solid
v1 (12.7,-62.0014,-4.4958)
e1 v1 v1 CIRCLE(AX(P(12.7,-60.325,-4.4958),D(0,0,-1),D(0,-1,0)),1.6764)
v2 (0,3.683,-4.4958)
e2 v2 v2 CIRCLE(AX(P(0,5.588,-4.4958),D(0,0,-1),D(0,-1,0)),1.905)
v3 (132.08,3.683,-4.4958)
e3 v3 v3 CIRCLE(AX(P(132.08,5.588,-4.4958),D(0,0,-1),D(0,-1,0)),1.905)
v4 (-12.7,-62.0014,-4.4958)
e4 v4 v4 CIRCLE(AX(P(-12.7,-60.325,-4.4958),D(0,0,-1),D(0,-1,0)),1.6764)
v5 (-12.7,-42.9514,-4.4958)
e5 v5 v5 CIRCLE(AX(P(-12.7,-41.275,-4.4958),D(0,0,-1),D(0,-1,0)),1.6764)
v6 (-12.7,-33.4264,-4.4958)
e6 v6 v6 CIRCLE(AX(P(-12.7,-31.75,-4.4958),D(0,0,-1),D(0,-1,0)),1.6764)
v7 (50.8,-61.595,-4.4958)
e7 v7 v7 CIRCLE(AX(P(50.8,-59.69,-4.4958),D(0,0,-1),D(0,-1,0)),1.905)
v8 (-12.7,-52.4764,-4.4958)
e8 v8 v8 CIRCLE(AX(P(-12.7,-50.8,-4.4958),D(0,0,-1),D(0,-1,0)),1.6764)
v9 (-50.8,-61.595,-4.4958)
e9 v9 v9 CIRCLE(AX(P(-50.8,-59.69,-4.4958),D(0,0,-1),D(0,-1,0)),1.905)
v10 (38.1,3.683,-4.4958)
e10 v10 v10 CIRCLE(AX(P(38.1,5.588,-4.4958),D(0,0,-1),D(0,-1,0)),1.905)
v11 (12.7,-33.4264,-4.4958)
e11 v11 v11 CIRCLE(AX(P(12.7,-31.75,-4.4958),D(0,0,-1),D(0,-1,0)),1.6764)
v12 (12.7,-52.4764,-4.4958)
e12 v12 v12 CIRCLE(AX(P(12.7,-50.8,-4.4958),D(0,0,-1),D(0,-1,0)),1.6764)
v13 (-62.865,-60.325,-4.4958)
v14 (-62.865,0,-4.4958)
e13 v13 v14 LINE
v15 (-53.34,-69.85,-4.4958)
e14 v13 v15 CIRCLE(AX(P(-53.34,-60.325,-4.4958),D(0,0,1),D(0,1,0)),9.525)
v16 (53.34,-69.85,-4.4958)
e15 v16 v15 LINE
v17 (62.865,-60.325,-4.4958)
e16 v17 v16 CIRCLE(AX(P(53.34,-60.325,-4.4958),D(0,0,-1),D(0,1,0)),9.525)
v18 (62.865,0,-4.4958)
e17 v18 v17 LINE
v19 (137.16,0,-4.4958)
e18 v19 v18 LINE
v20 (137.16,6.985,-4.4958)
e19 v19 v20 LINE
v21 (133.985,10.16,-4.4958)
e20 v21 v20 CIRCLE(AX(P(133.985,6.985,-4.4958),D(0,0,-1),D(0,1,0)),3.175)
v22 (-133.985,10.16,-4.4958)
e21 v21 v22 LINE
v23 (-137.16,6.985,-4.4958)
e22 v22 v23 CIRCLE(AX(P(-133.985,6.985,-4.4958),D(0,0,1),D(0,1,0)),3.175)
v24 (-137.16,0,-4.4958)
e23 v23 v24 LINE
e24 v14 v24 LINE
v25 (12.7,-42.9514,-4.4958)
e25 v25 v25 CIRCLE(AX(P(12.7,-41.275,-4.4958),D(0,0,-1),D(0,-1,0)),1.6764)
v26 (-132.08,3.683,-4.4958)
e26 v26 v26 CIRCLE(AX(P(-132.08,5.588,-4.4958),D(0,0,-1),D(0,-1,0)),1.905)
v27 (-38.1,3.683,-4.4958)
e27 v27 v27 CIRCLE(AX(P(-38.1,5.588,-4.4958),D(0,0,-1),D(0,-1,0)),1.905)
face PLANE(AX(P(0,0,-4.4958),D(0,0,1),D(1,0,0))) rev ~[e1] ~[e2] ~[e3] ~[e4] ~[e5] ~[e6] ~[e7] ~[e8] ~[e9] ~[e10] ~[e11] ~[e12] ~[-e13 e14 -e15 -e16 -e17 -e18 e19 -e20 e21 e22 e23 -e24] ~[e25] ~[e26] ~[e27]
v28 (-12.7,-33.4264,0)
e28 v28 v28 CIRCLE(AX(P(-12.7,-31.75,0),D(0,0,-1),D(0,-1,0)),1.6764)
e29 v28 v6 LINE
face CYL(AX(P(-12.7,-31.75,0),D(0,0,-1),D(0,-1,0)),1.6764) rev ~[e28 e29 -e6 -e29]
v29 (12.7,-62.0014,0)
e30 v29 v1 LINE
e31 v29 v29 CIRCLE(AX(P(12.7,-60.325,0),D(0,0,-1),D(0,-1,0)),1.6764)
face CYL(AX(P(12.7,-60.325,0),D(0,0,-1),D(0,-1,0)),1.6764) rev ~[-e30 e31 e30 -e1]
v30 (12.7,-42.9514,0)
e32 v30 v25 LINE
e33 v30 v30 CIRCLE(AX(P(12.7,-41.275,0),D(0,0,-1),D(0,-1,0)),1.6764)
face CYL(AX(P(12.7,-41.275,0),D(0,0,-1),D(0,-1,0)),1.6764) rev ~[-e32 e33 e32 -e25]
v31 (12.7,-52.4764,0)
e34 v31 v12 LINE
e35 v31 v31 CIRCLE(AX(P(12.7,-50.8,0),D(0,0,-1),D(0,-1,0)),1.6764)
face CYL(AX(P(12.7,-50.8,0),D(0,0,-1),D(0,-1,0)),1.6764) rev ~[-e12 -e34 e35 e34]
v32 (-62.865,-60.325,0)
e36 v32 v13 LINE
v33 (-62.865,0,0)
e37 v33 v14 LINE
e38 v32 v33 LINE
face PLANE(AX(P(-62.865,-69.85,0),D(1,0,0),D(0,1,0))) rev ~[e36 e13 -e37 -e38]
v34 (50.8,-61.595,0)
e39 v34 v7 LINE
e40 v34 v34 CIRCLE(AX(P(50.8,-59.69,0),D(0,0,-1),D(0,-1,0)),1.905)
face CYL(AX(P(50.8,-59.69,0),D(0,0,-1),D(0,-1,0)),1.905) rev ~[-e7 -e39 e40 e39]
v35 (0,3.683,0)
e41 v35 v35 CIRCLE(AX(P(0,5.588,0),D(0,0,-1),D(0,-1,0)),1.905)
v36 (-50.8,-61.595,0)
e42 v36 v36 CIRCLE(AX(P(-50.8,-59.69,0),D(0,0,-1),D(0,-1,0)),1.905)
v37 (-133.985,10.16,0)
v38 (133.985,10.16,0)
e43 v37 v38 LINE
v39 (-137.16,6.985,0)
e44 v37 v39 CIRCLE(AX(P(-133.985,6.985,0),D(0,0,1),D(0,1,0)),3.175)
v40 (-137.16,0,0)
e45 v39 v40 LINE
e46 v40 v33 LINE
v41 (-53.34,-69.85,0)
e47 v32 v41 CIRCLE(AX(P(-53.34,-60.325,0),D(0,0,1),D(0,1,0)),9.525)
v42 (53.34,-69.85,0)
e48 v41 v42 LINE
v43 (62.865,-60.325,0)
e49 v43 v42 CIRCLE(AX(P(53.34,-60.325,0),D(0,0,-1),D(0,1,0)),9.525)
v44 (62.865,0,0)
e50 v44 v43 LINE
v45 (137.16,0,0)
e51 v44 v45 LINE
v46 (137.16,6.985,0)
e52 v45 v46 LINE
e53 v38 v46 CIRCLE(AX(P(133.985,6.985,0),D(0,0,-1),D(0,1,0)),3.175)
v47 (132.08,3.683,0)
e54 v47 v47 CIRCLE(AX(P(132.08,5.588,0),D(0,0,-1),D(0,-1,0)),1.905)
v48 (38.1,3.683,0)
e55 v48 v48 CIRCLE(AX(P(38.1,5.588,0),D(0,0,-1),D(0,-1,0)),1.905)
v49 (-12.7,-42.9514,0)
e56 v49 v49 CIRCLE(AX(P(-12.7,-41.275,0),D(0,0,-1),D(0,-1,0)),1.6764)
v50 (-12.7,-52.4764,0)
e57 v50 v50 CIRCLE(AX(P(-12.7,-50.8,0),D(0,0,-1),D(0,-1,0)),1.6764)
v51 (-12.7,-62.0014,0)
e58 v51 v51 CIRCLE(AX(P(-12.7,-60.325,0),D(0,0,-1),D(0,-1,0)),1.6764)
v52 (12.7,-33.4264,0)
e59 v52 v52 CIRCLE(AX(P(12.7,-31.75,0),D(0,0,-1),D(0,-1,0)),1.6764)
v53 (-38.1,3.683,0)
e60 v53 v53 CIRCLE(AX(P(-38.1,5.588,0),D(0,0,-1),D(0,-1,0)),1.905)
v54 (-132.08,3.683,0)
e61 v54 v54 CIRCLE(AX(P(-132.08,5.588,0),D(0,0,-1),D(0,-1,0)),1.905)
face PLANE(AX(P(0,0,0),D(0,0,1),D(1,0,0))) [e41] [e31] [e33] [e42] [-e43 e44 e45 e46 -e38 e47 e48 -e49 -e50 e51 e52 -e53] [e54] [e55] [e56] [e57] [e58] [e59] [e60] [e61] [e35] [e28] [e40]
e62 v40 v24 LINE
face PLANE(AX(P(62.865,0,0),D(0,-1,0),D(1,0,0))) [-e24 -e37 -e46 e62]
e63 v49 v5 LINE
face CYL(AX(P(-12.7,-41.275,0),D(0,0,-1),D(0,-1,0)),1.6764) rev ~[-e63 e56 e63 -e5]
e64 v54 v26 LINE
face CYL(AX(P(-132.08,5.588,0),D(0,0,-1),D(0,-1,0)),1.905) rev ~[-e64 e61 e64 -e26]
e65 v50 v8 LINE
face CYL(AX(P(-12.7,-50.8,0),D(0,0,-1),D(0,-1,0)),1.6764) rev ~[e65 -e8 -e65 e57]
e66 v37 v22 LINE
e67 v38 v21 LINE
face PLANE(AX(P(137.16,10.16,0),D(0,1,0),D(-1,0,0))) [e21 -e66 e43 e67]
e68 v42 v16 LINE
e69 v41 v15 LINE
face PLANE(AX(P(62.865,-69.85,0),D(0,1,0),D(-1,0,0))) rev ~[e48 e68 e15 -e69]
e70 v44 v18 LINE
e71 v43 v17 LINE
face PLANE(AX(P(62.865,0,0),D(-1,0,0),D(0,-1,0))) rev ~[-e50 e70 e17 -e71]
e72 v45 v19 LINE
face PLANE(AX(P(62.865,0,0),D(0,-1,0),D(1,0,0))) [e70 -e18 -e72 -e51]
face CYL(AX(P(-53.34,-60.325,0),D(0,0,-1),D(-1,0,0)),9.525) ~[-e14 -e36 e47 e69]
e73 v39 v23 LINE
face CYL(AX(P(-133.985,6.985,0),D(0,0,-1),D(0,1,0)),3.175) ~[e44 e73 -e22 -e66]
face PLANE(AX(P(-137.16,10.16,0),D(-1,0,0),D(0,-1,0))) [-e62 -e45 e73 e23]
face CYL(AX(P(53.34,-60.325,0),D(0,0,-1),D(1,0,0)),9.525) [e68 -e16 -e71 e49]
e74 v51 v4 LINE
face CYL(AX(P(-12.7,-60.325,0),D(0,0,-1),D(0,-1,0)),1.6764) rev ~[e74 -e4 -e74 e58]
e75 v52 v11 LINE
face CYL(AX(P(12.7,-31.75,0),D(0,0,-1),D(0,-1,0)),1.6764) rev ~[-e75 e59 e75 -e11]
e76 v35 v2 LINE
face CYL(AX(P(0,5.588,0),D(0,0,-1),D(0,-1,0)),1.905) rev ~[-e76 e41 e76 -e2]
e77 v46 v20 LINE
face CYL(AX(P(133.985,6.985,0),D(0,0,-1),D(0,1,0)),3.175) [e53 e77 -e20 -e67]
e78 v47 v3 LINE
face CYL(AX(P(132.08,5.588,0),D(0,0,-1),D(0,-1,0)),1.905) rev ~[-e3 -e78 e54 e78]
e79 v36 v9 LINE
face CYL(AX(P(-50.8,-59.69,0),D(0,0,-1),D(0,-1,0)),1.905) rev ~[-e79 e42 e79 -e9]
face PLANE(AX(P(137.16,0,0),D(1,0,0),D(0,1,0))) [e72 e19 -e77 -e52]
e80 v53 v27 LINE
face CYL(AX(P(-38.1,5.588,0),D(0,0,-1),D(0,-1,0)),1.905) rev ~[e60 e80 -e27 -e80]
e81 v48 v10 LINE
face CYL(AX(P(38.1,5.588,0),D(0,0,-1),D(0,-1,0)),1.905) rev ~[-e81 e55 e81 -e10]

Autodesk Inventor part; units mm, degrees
ref_plane "YZ Plane" through (0, 0, 0) normal (1, 0, 0) x (0, 1, 0)
ref_plane "XZ Plane" through (0, 0, 0) normal (0, 1, 0) x (-1, 0, 0)
ref_plane "XY Plane" through (0, 0, 0) normal (0, 0, 1) x (1, 0, 0)
sketch "Sketch1" plane through (0, 0, 0) normal (0, 0, 1) x (1, 0, 0)
  line L0 (0, 26.162) -> (0, -85.852) projected
  line L1 (-192.024, 0) -> (192.024, 0) projected
  line L2 (137.16, 10.16) -> (-137.16, 10.16)
  line L3 (-137.16, 10.16) -> (-137.16, 0)
  line L4 (-137.16, 0) -> (137.16, 0)
  line L5 (137.16, 0) -> (137.16, 10.16)
  line L6 (137.16, 10.16) -> (-137.16, 0) construction
  line L7 (-137.16, 10.16) -> (137.16, 0) construction
  line L8 (62.865, -69.85) -> (-62.865, -69.85)
  line L9 (-62.865, -69.85) -> (-62.865, 0)
  line L10 (-62.865, 0) -> (62.865, 0)
  line L11 (62.865, 0) -> (62.865, -69.85)
  line L12 (62.865, -69.85) -> (-62.865, 0) construction
  line L13 (-62.865, -69.85) -> (62.865, 0) construction
  point P0 (0, 0)
  point P1 (0, 5.08)
  point P2 (0, 5.588)
  point P3 (-132.08, 5.588)
  point P4 (132.08, 5.588)
  point P5 (0, -34.925)
  point P6 (12.7, -31.75)
  point P7 (-38.1, 5.588)
  point P8 (38.1, 5.588)
  point P9 (-50.8, -59.69)
  point P10 (50.8, -59.69)
  point P11 (0, -34.925)
  dimension "d0" = 274.32
  dimension "d1" = 10.16
  dimension "d2" = 5.588
  dimension "d13" = 5.08
  dimension "d14" = 5.08
  dimension "d15" = 69.85
  dimension "d16" = 125.73
  dimension "d29" = 38.1
  dimension "d30" = 38.1
  dimension "d31" = 101.6
  dimension "d32" = 50.8
  dimension "d33" = 10.16
  dimension "d44" = 31.75
  dimension "d45" = 12.7
extrude "Extrusion1" add sketch "Sketch1" against normal blind 4.4958 contours L2 L5 L1 L0 | L0 L1 L3 L2
hole "Hole1" at (0, 5.588, 0) at (-132.08, 5.588, 0) at (132.08, 5.588, 0) at (-38.1, 5.588, 0) at (38.1, 5.588, 0) direction (0, 0, -1) diameter 3.81 end through all clearance for "Socket Head Cap Screw" size "#6" standard "Ansi Unified Screw Threads"
fillet "Fillet1" radius 3.175 2 edges at (-137.16, 10.16, -2.2479) (137.16, 10.16, -2.2479)
extrude "Extrusion2" add sketch "Sketch1" against normal up to surface (4.4958 mm away) contours L1 L11 L8 L0 | L0 L8 L9 L1
fillet "Fillet2" radius 9.525 2 edges at (-62.865, -69.85, -2.2479) (62.865, -69.85, -2.2479)
hole "Hole2" at (12.7, -31.75, 0) direction (0, 0, -1) diameter 3.3528 end through all
hole "Hole3" at (-50.8, -59.69, 0) at (50.8, -59.69, 0) direction (0, 0, -1) diameter 3.81 end through all clearance for "Socket Head Cap Screw" size "#6" standard "Ansi Unified Screw Threads"
pattern_linear "Rectangular Pattern1" count 4 spacing 9.525 along (0, -1, 0) count 2 spacing 25.4 along (-1, 0, 0) of "Hole2"
